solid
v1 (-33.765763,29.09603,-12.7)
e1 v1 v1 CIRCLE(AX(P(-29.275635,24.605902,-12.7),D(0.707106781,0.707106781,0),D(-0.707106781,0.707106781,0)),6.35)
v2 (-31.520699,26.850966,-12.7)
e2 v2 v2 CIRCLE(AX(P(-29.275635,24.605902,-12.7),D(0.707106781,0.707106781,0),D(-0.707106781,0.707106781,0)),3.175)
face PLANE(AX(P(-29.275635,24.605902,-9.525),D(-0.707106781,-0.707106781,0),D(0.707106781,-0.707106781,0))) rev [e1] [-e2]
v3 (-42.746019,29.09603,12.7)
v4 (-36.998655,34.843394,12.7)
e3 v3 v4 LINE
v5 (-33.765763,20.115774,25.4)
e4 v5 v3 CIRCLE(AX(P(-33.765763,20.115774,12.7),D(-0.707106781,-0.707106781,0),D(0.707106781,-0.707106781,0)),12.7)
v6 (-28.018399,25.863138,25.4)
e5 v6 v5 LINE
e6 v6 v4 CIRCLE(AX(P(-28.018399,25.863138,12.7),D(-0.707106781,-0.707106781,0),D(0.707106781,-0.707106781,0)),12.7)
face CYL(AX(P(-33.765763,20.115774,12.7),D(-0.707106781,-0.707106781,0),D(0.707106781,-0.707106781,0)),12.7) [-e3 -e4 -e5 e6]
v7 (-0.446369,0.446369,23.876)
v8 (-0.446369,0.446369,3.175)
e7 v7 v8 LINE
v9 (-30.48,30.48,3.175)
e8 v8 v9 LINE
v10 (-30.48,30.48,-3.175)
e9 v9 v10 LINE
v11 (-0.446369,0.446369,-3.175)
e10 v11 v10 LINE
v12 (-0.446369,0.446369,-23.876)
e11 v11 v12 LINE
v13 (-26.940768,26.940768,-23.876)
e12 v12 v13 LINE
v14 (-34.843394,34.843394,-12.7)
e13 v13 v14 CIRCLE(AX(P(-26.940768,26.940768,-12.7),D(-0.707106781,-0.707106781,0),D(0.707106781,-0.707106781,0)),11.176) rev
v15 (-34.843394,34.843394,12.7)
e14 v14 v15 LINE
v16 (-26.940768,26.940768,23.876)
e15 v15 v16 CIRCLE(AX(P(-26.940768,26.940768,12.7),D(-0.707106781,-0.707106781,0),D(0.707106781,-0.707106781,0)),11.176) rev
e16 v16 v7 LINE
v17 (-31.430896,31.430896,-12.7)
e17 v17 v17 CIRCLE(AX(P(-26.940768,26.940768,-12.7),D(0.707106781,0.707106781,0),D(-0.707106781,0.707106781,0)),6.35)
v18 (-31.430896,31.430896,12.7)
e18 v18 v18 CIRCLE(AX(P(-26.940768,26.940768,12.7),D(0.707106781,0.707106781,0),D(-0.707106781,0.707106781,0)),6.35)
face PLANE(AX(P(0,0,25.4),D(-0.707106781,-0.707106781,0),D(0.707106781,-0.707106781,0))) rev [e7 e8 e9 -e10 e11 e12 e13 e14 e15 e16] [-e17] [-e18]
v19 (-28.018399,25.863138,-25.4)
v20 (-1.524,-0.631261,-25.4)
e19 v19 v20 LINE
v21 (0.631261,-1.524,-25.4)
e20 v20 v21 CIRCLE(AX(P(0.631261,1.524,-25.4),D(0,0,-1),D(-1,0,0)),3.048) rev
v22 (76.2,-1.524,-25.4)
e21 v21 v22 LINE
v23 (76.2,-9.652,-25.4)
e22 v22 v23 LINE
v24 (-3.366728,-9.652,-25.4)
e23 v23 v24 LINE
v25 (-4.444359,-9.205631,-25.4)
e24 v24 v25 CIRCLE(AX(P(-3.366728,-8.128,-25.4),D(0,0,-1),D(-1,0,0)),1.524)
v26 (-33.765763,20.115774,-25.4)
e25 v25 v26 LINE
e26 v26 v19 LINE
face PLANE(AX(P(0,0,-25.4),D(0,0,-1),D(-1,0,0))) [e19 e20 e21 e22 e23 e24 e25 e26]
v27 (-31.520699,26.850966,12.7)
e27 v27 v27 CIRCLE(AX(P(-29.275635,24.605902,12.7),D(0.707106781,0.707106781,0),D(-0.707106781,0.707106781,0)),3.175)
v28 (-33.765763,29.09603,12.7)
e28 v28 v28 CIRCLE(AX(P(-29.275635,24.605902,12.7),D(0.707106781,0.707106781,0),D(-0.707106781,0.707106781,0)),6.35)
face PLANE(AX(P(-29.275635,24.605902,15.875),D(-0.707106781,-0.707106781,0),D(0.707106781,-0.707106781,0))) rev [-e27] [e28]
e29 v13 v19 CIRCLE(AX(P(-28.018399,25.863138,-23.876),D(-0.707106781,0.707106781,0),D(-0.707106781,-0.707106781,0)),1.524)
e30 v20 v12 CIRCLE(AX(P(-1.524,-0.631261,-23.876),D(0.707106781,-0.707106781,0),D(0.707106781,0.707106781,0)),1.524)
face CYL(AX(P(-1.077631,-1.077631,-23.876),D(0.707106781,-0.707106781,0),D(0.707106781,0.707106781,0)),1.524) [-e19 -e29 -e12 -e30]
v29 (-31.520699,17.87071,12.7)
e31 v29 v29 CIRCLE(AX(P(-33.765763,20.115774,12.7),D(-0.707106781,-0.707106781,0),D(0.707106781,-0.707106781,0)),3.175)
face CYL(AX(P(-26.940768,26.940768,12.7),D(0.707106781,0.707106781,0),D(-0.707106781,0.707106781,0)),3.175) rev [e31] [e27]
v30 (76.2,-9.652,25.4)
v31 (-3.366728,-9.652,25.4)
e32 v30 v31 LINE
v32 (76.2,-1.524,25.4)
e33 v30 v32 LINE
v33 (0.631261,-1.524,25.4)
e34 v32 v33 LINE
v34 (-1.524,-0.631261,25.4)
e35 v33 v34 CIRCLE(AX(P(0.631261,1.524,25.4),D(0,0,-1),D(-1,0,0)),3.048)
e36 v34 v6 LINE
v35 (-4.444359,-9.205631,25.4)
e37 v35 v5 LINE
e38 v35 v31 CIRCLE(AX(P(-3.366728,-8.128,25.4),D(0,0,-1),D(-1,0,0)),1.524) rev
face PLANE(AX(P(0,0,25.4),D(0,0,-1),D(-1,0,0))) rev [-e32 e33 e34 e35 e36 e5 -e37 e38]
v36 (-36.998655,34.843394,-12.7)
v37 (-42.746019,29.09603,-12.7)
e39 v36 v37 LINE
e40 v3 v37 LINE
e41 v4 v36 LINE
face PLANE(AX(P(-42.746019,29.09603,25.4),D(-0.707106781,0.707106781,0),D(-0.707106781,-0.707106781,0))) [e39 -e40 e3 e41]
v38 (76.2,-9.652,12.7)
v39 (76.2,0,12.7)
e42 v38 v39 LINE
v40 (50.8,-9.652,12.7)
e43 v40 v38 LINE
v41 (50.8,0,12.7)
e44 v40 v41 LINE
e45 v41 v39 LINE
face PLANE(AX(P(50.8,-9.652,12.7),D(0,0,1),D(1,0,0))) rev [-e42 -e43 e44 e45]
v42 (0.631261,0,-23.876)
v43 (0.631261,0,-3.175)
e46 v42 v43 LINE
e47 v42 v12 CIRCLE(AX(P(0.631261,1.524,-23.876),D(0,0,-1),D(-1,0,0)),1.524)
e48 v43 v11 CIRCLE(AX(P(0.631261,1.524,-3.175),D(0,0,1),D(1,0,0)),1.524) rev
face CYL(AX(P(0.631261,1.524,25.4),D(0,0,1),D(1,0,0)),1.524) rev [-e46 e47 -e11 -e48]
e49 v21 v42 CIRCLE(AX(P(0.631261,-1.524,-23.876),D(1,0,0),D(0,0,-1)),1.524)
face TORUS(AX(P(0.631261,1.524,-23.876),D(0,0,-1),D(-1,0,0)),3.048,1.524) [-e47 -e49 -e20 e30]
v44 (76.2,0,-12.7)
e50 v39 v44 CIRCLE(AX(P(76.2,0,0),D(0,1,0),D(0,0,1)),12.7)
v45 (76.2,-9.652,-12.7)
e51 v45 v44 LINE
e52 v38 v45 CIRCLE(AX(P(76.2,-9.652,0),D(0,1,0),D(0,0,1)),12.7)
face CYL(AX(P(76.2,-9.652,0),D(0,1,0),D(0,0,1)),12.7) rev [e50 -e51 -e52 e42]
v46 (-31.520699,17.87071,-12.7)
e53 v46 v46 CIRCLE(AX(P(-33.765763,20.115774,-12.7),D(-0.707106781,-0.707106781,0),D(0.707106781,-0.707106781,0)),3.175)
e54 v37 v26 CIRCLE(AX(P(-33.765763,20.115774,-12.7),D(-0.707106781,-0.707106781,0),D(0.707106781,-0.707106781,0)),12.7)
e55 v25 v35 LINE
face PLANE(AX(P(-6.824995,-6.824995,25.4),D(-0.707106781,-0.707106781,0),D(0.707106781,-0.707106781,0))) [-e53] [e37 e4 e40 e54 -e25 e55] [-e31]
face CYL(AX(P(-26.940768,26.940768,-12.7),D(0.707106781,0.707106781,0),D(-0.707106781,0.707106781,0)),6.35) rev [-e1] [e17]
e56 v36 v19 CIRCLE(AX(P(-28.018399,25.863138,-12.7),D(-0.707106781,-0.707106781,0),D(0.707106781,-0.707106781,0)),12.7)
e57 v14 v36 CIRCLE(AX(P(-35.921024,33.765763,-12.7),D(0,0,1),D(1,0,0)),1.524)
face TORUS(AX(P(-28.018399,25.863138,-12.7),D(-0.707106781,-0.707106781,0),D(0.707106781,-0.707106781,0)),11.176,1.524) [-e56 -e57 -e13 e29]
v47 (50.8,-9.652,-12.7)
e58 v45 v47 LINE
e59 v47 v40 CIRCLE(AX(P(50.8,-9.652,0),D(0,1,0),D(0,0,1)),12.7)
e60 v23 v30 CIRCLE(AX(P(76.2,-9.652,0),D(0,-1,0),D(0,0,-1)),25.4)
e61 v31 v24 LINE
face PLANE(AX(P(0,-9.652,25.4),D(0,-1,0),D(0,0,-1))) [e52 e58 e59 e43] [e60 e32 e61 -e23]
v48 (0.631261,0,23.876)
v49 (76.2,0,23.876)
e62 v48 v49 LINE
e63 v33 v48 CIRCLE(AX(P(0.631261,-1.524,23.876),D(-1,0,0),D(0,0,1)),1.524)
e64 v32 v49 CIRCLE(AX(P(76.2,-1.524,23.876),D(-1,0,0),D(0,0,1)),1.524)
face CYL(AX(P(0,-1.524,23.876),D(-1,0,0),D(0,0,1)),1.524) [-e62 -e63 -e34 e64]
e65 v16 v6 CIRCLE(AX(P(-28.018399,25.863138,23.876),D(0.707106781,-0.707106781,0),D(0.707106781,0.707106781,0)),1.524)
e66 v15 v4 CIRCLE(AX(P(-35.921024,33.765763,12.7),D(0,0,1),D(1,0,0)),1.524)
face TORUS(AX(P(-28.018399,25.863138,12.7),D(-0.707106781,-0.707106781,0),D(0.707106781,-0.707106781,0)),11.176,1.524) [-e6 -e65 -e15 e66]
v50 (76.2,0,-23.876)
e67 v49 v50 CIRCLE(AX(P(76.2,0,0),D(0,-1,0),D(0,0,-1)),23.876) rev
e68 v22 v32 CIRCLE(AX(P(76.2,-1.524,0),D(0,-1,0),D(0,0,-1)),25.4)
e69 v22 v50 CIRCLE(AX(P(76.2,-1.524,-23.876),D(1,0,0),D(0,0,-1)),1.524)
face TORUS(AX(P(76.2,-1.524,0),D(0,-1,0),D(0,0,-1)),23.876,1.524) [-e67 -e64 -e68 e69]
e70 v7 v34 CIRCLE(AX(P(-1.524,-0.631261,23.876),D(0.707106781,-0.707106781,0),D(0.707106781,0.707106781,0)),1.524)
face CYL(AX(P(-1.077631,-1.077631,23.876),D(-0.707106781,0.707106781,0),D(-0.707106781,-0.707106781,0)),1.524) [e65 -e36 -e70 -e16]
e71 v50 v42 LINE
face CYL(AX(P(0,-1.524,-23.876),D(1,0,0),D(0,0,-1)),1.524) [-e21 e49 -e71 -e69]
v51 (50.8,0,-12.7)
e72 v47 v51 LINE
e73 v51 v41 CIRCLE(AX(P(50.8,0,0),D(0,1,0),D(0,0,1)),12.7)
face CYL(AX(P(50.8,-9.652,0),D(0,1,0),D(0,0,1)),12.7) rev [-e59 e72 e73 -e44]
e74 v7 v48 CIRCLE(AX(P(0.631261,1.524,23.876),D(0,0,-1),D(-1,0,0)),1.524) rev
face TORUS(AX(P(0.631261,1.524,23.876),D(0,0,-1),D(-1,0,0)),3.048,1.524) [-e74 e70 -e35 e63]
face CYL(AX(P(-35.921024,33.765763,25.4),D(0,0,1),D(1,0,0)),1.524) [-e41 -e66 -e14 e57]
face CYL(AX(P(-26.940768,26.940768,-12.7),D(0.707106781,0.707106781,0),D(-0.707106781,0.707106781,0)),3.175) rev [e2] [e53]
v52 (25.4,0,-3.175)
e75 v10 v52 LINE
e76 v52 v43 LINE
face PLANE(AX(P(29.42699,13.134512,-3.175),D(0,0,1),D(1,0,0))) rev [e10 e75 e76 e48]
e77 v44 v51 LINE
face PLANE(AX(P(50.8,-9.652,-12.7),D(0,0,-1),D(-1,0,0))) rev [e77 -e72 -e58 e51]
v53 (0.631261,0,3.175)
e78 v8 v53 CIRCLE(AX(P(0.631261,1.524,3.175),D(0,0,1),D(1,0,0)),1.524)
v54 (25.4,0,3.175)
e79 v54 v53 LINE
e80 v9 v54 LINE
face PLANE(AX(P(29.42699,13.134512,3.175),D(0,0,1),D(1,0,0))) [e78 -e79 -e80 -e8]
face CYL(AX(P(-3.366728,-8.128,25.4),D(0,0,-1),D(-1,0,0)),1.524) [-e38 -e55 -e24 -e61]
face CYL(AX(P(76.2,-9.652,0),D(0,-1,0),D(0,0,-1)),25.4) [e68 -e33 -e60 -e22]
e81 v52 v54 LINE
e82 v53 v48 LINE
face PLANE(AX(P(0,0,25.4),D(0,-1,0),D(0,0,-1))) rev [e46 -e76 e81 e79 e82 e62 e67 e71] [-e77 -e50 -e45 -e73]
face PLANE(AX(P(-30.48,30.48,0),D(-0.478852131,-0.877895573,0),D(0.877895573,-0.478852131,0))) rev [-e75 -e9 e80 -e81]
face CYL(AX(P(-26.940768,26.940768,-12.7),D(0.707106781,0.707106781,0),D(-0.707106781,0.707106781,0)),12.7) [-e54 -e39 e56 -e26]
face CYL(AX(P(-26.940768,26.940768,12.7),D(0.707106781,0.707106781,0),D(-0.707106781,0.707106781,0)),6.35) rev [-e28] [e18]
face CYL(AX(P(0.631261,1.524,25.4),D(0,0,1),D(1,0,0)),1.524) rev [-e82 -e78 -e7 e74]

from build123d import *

# Parameters (mm, degrees)
EXTRUDE_THIN1_DEPTH                                 = 25.4
CUT_EXTRUDE1_DEPTH                                  = 111.716033166
CBORE_FOR_00_BINDING_HEAD_MACHINE_SCREW_D           = 6.35
CBORE_FOR_00_BINDING_HEAD_MACHINE_SCREW_CBORE_D     = 12.7
CBORE_FOR_00_BINDING_HEAD_MACHINE_SCREW_CBORE_DEPTH = 3.302
RIB1_REACH                                          = 112.716
SKETCH6_WALL_W                                      = 287.08428389
SKETCH6_WALL_H                                      = 6.35
FILLET1_R                                           = 12.7
FILLET2_R                                           = 1.524
FILLET3_RADIUS                                      = 25.4
FILLET3_LENGTH                                      = 9.652
FILLET4_R                                           = 1.524


with BuildPart() as part:
    # Sketch2 → Extrude-Thin1 (new, symmetric)
    with BuildSketch(Plane.XY):
        Polygon((-35.921024484, 35.921024484), (0, 0), (101.6, 0), (101.6, -9.652), (-3.997989304, -9.652), (-42.746019136, 29.096029832), align=None)
    extrude(amount=EXTRUDE_THIN1_DEPTH, both=True)

    # Sketch3 → Cut-Extrude1 (cut, through all)
    with BuildSketch(Plane(origin=(0, 0, 0), x_dir=(1, 0, 0), z_dir=(0, 1, 0))):
        with BuildLine():
            Line((50.8, 12.7), (76.2, 12.7))
            ThreePointArc((76.2, 12.7), (88.9, 0), (76.2, -12.7))
            Line((76.2, -12.7), (50.8, -12.7))
            ThreePointArc((50.8, -12.7), (38.1, 0), (50.8, 12.7))
        make_face()
    extrude(amount=-CUT_EXTRUDE1_DEPTH, mode=Mode.SUBTRACT)

    # CBORE for #00 Binding Head Machine Screw1 (through all)
    with Locations(Plane(origin=(0, 0, 0), x_dir=(0.7071067811865513, -0.7071067811865438, 0), z_dir=(0.7071067811865438, 0.7071067811865513, 0))):
        with Locations((-38.1, -12.7)):
            cbore_for_00_binding_head_machine_screw = CounterBoreHole(CBORE_FOR_00_BINDING_HEAD_MACHINE_SCREW_D / 2, CBORE_FOR_00_BINDING_HEAD_MACHINE_SCREW_CBORE_D / 2, CBORE_FOR_00_BINDING_HEAD_MACHINE_SCREW_CBORE_DEPTH)

    # Mirror1: CBORE for #00 Binding Head Machine Screw1 across plane
    add(cbore_for_00_binding_head_machine_screw.mirror(Plane.XY), mode=Mode.SUBTRACT)

    # Sketch6 wall → Rib1 (add, up to next)
    with BuildSketch(Plane(origin=(-2.54, 15.24, 0), x_dir=(0.877895572914, -0.478852130681, 0), z_dir=(0.478852130681, 0.877895572914, 0)), mode=Mode.PRIVATE) as rib1_sk1:
        Rectangle(SKETCH6_WALL_W, SKETCH6_WALL_H)
    rib1_tool1 = extrude(rib1_sk1.sketch, amount=-RIB1_REACH, mode=Mode.PRIVATE) - part.part
    add(rib1_tool1.solids().sort_by_distance((-2.54, 15.24, 0))[0])

    # Fillet1
    fillet1_edges = [part.edges().sort_by_distance(p)[0] for p in [
        (-39.33352181, 32.508527158, -25.4),
        (-39.33352181, 32.508527158, 25.4),
    ]]
    fillet(fillet1_edges, radius=FILLET1_R)

    # Fillet2
    fillet2_edges = [part.edges().sort_by_distance(p)[0] for p in [
        (0, 0, -14.2875),
        (0, 0, 14.2875),
        (-3.997989304, -9.652, 0),
    ]]
    fillet(fillet2_edges, radius=FILLET2_R)

    # Fillet3: full round fillet: the end face becomes a half cylinder, R = half its width
    fillet3_face = Plane((101.6, -4.826, 0), x_dir=(0, -1, 0), z_dir=(1, 0, 0))  # on the end face: x along it, z out of the body
    fillet3_slab = fillet3_face.offset(-FILLET3_RADIUS / 2) * Box(FILLET3_LENGTH, 2 * FILLET3_RADIUS, FILLET3_RADIUS, mode=Mode.PRIVATE)  # the body's end, R deep
    fillet3_round = Plane((76.2, -4.826, 0), x_dir=(1, 0, 0), z_dir=(0, -1, 0)) * Cylinder(FILLET3_RADIUS, FILLET3_LENGTH, mode=Mode.PRIVATE)  # its axis R under the face
    add(fillet3_slab - fillet3_round, mode=Mode.SUBTRACT)

    # Fillet4
    fillet4_edges = [part.edges().sort_by_distance(p)[0] for p in [
        (38.415630735, 0, 25.4),
        (38.415630735, 0, -25.4),
        (101.6, 0, 0),
        (-35.921024484, 35.921024484, 0),
        (-33.290768363, 33.290768363, 21.680256121),
        (-33.290768363, 33.290768363, -21.680256121),
        (-13.693568814, 13.693568814, -25.4),
        (-13.693568814, 13.693568814, 25.4),
        (0.048051918, 0.116007592, -25.4),
        (0.048051918, 0.116007592, 25.4),
    ]]
    fillet(fillet4_edges, radius=FILLET4_R)


solid = part.part
